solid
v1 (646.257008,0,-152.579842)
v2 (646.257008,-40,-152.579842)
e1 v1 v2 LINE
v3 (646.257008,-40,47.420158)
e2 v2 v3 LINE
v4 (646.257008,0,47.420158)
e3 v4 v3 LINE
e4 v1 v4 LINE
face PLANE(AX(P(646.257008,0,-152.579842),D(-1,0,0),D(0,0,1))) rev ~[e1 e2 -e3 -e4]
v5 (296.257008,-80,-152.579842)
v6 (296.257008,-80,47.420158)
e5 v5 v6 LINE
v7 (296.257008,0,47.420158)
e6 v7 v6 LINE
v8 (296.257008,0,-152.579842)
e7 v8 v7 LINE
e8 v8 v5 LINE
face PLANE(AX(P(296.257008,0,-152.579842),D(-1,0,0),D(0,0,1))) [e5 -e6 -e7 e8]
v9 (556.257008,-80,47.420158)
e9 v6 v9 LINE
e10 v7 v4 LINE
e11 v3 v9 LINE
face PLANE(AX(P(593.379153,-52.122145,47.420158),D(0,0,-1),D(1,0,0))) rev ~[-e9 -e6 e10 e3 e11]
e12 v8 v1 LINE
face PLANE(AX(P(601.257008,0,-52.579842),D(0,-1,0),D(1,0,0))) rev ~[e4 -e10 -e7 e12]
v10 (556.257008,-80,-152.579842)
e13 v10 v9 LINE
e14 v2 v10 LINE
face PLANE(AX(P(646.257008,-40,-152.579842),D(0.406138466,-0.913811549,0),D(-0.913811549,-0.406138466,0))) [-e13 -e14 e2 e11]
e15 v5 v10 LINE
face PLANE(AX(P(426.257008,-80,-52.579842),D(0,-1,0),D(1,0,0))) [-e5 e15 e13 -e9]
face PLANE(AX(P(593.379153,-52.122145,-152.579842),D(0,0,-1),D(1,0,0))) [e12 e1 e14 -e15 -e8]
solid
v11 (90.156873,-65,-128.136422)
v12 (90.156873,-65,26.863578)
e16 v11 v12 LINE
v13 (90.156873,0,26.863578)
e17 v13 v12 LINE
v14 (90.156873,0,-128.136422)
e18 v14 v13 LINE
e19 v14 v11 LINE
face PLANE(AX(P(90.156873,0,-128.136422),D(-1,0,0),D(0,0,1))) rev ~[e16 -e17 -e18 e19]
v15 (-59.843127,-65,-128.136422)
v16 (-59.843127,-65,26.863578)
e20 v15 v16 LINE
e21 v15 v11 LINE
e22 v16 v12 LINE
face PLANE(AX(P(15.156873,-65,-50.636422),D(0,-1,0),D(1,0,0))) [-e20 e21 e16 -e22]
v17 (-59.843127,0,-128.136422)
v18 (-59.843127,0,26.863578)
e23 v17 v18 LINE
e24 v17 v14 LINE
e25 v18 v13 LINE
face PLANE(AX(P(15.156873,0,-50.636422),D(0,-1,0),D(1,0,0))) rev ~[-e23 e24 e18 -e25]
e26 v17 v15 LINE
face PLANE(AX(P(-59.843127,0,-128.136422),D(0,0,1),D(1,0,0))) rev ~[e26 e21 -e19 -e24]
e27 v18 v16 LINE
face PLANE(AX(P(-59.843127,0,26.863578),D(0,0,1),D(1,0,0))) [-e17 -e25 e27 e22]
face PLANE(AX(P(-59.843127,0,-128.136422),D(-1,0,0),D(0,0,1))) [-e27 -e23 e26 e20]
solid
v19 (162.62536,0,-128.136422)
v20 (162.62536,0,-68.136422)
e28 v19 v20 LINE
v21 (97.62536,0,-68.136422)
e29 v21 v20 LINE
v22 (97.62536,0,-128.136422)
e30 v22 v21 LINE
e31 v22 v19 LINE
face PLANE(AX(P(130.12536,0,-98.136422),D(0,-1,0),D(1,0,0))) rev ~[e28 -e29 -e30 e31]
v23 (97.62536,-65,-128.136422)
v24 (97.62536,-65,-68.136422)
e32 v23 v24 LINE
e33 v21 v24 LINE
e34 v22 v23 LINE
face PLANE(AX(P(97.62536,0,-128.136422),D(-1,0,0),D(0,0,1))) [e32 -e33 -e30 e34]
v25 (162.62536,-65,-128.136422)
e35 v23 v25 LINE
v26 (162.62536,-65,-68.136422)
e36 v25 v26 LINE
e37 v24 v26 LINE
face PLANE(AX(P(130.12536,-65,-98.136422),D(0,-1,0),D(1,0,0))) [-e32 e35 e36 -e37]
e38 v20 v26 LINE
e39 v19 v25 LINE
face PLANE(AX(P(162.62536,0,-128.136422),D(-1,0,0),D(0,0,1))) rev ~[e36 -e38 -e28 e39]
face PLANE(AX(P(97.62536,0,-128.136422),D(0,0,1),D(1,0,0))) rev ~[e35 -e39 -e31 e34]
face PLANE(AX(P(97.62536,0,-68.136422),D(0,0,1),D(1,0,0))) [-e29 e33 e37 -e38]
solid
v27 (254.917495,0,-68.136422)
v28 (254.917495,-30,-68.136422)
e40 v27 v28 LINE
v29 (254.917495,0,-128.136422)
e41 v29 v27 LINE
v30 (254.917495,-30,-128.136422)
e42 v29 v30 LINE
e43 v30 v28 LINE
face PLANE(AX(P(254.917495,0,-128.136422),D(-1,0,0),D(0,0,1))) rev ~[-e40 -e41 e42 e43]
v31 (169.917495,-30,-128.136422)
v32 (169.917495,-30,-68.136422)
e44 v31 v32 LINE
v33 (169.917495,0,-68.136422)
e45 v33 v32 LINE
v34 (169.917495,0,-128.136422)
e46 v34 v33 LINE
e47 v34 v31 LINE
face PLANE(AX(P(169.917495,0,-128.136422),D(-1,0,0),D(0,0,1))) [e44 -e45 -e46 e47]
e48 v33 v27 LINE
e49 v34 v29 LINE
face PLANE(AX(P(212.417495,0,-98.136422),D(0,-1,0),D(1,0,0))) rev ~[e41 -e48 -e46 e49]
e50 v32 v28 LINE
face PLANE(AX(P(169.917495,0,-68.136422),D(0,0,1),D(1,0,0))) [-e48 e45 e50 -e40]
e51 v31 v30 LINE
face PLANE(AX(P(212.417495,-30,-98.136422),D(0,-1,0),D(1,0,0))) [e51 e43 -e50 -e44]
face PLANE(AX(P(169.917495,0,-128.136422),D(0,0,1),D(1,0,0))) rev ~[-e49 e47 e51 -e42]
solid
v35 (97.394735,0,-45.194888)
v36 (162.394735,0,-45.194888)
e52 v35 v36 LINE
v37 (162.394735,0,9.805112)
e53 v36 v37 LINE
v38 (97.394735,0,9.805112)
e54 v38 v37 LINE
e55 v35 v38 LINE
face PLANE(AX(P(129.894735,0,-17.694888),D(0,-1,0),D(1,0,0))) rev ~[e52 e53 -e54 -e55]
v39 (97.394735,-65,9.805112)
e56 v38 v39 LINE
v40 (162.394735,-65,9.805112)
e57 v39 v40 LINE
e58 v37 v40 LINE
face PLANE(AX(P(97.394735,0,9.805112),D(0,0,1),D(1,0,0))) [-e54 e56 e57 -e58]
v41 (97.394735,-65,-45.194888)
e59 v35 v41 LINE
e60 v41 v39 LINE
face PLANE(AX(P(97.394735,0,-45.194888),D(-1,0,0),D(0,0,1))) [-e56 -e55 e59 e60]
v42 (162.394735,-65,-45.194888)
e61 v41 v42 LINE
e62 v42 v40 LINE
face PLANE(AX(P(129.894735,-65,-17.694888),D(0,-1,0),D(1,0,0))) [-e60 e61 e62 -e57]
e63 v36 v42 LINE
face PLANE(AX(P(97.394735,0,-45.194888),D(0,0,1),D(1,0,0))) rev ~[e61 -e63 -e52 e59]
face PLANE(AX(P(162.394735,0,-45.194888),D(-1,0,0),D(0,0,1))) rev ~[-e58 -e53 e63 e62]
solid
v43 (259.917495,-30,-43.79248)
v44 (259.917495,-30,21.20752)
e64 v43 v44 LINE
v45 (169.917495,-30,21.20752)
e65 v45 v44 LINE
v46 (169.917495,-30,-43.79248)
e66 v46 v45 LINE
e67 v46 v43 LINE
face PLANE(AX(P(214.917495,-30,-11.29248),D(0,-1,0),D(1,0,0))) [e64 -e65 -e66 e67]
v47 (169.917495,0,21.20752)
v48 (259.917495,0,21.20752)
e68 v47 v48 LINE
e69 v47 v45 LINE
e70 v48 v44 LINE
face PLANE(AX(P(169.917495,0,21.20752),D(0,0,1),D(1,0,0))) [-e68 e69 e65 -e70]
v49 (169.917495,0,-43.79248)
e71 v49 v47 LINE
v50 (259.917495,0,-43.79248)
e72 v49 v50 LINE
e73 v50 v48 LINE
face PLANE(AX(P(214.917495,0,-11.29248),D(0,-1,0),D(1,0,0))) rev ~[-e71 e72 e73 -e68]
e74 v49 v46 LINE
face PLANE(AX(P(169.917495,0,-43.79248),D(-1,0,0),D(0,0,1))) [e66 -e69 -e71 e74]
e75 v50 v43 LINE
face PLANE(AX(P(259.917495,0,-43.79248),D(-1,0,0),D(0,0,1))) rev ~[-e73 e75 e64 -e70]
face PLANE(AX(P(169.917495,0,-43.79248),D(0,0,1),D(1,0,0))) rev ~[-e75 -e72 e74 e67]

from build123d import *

# Parameters (mm, degrees)
F0_W     = 150
F0_H     = 155
F0_W_2   = 65
F0_H_2   = 60
F0_H_3   = 55
F1_DEPTH = 65
F0_W_3   = 260
F0_H_4   = 200
F2_DEPTH = 80
F0_W_4   = 90
F3_DEPTH = 40
F5_DEPTH = 200
F0_W_5   = 85
F0_H_5   = 65
F6_DEPTH = 30


with BuildPart() as f1:
    # F0 (on Front) → F1 (new body)
    with BuildSketch(Plane.XZ):
        with Locations((15.156873, -50.636422)):
            Rectangle(F0_W, F0_H)
        with Locations((130.12536, -98.136422)):
            Rectangle(F0_W_2, F0_H_2)
        with Locations((129.894735, -17.694888)):
            Rectangle(F0_W_2, F0_H_3)
    extrude(amount=F1_DEPTH)


with BuildPart() as f2:
    # F0 (on Front) → F2 (new body)
    with BuildSketch(Plane.XZ):
        with Locations((426.257008, -52.579842)):
            Rectangle(F0_W_3, F0_H_4)
    extrude(amount=F2_DEPTH)

    # F0 (on Front) → F3 (join)
    with BuildSketch(Plane.XZ):
        with Locations((601.257008, -52.579842)):
            Rectangle(F0_W_4, F0_H_4)
    extrude(amount=F3_DEPTH)

    # F4 (on face) → F5 (join)
    with BuildSketch(Plane(origin=(0, 0, -152.579842), x_dir=(1, 0, 0), z_dir=(0, 0, -1))):
        Polygon((646.257008, 40), (556.257008, 80), (556.257008, 40), align=None)
    extrude(amount=-F5_DEPTH)


with BuildPart() as f6:
    # F0 (on Front) → F6 (new body)
    with BuildSketch(Plane.XZ):
        with Locations((212.417495, -98.136422)):
            Rectangle(F0_W_5, F0_H_2)
        with Locations((214.917495, -11.29248)):
            Rectangle(F0_W_4, F0_H_5)
    extrude(amount=F6_DEPTH)


solid = Compound([f1.part, f2.part, f6.part])
